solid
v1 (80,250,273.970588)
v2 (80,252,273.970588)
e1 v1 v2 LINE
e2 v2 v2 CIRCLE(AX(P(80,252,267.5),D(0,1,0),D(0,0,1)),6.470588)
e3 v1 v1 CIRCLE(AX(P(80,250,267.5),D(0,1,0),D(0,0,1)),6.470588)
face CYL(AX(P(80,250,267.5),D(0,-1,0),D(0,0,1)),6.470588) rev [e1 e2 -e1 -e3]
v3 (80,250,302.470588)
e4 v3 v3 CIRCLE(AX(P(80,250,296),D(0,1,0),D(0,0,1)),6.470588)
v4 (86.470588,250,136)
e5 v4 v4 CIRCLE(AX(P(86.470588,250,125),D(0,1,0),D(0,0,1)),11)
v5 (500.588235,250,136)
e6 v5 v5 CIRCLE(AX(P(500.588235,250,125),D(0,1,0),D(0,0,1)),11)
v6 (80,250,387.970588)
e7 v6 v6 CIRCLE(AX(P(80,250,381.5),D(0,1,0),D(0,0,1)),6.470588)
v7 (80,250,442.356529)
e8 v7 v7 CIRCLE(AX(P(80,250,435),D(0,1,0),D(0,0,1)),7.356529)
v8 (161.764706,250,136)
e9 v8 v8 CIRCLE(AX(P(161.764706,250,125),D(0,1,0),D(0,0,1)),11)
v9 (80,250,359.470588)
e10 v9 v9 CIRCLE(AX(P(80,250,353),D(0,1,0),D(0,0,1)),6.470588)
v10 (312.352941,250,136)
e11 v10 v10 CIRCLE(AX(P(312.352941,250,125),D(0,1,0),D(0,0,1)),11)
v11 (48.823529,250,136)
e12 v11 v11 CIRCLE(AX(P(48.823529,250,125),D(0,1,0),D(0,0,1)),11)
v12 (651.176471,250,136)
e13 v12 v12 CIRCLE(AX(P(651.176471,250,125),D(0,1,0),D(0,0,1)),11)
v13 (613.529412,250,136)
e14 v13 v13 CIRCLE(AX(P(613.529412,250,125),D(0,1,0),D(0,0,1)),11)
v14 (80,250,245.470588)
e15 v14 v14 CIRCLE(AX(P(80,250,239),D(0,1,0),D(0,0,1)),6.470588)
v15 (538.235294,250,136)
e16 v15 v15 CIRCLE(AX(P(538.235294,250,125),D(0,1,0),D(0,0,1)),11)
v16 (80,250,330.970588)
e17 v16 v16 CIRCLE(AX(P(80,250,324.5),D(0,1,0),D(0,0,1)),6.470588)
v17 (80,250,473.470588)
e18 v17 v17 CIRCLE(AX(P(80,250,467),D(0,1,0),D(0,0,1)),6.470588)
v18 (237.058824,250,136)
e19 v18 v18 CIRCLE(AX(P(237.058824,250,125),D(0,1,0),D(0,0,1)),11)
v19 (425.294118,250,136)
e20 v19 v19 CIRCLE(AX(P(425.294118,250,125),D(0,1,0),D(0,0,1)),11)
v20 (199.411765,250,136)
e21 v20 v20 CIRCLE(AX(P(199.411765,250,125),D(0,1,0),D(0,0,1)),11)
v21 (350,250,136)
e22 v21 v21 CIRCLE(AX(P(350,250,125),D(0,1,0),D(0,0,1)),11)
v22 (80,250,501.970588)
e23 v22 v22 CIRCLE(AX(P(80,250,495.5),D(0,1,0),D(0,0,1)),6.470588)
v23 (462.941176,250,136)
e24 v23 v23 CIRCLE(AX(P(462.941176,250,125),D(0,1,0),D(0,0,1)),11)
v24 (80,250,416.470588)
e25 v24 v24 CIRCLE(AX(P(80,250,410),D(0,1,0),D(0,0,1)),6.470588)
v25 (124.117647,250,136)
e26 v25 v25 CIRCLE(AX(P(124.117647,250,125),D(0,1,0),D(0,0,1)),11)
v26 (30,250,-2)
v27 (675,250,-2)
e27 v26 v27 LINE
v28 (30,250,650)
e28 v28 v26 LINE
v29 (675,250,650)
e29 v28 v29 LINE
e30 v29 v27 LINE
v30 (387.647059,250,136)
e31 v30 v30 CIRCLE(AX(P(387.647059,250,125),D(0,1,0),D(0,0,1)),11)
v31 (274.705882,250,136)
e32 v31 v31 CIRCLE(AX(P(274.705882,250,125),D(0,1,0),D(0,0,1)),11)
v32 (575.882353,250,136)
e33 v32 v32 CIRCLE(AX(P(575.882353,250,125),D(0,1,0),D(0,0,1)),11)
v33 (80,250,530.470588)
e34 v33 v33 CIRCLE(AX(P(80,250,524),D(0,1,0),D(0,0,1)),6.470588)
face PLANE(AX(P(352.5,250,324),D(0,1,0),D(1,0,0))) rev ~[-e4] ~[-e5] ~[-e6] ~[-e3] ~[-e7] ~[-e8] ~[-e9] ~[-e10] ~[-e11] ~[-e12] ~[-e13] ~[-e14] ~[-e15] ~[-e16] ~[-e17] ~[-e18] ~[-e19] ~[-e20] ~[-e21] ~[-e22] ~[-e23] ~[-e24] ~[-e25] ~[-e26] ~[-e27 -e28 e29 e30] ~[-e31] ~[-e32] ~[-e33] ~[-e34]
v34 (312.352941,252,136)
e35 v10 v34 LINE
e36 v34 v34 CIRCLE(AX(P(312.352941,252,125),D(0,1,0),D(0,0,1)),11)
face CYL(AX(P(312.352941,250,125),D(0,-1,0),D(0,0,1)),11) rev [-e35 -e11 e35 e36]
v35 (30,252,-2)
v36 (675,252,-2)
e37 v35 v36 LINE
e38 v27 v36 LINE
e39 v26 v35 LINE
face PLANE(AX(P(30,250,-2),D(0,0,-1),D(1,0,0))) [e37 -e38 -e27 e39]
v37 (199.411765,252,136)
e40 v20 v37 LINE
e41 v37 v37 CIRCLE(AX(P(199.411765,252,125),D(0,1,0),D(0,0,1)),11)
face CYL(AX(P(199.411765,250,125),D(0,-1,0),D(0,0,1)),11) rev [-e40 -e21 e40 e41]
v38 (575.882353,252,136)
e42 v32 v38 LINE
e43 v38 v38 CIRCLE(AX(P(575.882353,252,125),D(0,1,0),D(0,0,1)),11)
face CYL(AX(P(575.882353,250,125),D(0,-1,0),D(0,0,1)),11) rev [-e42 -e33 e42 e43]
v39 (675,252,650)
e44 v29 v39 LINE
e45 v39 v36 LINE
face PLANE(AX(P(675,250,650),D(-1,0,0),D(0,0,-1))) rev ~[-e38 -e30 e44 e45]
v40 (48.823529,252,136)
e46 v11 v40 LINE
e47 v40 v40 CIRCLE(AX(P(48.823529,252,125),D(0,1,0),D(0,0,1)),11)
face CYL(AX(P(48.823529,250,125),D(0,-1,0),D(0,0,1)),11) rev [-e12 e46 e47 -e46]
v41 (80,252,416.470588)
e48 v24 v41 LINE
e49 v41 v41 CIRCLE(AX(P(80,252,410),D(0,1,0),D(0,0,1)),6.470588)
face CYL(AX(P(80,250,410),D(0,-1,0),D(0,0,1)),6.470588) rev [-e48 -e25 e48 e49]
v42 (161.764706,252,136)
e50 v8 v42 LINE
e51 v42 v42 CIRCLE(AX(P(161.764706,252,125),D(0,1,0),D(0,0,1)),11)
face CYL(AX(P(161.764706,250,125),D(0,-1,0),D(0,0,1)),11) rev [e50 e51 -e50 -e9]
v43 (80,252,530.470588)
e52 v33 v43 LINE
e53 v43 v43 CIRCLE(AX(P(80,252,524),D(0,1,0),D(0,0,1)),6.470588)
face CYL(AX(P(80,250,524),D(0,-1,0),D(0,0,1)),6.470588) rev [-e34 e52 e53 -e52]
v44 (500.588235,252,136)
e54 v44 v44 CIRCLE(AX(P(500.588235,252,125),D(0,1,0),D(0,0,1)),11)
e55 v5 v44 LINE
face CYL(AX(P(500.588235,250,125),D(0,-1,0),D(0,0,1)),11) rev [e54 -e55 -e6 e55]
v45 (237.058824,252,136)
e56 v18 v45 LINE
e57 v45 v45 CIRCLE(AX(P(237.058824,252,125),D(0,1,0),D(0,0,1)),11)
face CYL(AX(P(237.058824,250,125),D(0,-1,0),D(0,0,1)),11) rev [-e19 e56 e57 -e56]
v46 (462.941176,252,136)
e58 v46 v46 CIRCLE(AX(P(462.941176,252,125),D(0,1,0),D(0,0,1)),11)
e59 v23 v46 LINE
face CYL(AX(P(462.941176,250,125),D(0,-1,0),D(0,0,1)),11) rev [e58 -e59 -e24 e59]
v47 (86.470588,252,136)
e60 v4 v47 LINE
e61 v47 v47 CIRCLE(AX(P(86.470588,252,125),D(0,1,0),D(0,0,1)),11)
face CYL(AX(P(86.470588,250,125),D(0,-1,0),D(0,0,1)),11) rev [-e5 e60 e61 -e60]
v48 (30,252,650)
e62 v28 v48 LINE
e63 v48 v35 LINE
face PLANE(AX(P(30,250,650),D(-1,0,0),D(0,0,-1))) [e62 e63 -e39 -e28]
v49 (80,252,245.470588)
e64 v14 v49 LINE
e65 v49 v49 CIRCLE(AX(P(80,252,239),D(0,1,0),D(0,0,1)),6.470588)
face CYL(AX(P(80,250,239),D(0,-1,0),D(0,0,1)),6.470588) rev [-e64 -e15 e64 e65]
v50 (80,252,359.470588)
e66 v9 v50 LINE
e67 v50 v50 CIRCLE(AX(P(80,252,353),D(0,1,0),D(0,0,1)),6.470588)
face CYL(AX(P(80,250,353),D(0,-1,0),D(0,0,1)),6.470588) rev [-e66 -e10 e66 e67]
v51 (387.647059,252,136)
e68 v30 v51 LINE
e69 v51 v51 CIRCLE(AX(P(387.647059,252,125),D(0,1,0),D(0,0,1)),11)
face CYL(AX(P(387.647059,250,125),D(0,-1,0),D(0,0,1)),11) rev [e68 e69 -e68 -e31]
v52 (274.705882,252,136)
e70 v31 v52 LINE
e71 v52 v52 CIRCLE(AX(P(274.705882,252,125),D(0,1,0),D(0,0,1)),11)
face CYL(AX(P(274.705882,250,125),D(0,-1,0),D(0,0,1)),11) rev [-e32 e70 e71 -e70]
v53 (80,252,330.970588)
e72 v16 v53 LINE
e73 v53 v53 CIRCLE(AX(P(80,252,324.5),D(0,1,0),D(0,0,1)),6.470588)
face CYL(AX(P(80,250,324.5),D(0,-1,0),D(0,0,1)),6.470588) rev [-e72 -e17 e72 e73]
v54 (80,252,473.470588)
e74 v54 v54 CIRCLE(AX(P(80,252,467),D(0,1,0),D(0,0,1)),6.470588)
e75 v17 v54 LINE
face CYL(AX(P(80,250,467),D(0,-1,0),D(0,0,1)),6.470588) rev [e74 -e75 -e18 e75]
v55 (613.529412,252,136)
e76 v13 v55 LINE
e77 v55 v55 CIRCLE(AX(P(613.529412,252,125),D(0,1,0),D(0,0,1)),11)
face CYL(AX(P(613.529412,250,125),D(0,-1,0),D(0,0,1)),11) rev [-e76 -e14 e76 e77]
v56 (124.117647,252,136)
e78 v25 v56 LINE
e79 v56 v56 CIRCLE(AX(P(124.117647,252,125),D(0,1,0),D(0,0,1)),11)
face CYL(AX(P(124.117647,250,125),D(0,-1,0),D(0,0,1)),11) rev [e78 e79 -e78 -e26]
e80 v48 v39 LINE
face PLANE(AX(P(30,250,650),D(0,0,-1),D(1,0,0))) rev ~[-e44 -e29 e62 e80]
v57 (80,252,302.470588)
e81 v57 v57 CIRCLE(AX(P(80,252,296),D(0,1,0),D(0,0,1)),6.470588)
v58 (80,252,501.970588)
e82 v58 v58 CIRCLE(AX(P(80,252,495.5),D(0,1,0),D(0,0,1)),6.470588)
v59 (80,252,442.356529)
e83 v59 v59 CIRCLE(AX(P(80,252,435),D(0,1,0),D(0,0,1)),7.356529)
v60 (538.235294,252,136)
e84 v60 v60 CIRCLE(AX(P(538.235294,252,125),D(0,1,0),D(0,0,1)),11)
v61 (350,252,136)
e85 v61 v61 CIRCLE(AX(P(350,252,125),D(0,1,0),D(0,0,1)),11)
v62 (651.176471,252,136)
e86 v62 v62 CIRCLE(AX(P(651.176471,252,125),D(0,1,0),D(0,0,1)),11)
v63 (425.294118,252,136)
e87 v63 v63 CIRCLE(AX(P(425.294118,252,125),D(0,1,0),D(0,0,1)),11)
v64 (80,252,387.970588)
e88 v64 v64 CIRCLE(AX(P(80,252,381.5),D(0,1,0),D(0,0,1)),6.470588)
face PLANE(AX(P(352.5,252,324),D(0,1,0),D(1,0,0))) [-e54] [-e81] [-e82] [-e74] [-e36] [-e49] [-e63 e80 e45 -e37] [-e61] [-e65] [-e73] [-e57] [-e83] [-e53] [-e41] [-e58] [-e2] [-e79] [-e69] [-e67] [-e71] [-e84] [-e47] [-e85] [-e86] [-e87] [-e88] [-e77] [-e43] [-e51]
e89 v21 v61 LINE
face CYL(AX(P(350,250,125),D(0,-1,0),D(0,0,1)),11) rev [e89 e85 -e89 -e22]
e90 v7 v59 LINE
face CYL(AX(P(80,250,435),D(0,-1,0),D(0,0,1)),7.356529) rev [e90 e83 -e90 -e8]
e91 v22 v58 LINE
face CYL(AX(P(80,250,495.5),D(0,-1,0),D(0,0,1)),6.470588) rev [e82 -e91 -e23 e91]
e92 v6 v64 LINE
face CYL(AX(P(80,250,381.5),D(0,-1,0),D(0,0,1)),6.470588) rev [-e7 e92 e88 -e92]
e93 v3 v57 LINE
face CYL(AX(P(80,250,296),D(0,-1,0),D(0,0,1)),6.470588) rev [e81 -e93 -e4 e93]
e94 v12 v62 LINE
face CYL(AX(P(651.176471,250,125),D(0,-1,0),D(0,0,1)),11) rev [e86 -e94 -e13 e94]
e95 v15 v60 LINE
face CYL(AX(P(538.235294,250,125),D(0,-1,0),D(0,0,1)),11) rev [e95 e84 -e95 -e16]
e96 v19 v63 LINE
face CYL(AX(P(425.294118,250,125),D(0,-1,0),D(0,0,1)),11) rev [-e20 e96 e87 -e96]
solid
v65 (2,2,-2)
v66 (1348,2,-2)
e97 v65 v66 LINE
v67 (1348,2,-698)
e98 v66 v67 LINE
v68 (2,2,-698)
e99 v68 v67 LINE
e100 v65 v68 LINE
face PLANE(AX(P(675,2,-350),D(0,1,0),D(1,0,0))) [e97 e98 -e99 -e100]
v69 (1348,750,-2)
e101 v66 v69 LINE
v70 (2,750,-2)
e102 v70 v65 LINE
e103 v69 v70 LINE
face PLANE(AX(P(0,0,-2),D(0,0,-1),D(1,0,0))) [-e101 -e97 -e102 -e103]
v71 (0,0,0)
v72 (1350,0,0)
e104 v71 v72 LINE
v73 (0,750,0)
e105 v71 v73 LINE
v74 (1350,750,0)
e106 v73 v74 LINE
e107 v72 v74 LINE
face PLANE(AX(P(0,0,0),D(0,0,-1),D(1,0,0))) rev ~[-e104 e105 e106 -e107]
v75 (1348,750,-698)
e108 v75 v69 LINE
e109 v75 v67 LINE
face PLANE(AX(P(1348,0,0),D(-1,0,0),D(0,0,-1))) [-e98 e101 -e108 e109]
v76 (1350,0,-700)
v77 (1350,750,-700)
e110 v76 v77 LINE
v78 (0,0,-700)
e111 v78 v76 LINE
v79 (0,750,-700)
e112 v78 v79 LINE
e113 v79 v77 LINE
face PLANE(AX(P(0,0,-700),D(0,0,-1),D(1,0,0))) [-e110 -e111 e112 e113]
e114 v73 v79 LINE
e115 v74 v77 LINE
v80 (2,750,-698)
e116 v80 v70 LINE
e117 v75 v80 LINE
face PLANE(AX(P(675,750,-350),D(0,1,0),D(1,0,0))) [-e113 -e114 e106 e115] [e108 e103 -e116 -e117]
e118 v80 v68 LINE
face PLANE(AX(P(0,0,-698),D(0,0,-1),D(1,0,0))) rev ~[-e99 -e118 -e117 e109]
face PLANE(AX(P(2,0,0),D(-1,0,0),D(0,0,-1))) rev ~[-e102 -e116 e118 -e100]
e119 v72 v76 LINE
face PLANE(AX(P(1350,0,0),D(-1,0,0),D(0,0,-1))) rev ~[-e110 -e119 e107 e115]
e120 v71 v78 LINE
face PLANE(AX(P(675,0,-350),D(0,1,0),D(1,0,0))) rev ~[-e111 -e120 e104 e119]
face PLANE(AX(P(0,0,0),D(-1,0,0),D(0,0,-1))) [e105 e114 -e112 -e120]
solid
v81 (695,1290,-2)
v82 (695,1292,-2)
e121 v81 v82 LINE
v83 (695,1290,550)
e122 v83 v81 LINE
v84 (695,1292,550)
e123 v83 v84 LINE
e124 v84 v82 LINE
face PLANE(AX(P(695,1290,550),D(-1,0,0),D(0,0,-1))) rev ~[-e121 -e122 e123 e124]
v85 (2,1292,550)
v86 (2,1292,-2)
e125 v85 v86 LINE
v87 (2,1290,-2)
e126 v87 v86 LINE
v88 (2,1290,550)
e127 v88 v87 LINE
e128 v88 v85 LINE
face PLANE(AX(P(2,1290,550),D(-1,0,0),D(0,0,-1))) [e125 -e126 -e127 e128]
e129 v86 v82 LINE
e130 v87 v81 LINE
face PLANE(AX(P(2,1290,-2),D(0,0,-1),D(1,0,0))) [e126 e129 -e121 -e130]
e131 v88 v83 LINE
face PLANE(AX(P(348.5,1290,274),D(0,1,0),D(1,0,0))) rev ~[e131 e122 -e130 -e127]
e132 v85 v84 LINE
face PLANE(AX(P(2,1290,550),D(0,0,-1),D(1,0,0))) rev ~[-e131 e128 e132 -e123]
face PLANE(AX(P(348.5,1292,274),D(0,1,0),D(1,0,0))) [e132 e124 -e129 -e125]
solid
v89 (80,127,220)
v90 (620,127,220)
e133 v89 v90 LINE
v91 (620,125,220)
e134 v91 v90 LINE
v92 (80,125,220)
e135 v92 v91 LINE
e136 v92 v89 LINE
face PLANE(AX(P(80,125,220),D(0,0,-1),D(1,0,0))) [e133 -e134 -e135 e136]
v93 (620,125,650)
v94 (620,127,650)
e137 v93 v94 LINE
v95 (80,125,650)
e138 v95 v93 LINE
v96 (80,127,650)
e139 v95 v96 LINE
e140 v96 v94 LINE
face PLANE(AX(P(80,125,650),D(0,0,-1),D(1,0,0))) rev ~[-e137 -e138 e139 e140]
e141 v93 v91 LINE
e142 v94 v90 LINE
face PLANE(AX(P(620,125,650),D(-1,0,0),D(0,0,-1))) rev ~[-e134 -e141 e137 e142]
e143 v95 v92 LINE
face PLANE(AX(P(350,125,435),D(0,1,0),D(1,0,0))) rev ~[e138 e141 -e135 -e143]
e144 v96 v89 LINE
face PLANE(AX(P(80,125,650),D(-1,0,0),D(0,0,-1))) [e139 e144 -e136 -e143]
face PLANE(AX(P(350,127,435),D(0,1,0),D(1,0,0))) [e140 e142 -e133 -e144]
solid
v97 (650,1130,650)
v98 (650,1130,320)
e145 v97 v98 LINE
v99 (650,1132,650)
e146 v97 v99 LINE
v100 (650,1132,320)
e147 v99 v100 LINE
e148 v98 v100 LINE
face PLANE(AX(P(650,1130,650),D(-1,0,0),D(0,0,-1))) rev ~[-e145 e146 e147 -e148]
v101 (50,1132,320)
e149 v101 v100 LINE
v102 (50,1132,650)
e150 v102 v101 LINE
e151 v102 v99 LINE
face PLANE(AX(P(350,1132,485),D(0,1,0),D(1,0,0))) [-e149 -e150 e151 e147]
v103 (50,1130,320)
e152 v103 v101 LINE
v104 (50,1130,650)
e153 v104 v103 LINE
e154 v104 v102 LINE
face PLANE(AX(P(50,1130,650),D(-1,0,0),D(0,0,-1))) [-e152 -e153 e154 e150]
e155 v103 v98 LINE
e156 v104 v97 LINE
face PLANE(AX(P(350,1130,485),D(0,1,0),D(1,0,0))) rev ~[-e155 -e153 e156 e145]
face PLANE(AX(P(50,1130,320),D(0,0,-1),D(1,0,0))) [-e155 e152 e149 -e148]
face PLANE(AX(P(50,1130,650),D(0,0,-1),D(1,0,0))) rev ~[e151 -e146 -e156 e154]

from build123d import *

# Parameters (mm, degrees)
MASTER_FOOTPRINT_W            = 1350
MASTER_FOOTPRINT_H            = 700
BATH_BASE_PLATE_DEPTH         = 750
BATH_SHELL_2MM_T              = -2
INLET_IMPACT_BAFFLE_START     = 125
SKETCH_1_W                    = 540
SKETCH_1_H                    = 430
INLET_IMPACT_BAFFLE_DEPTH     = 2
DISTRIBUTOR_D22_START         = 250
SKETCH_2_W                    = 645
SKETCH_2_H                    = 652
SKETCH_2_R                    = 11
SKETCH_2_R_2                  = 6.470588235
SKETCH_2_R_3                  = 7.356528537
DISTRIBUTOR_D22_DEPTH         = 2
OUTLET_SUBMERGED_BAFFLE_START = 1130
SKETCH_3_W                    = 600
SKETCH_3_H                    = 330
OUTLET_SUBMERGED_BAFFLE_DEPTH = 2
OVERFLOW_WEIR_Z550_START      = 1290
SKETCH_4_W                    = 693
SKETCH_4_H                    = 552
OVERFLOW_WEIR_Z550_DEPTH      = 2


with BuildPart() as part:
    # MASTER_FOOTPRINT → BATH_BASE_PLATE (new body)
    with BuildSketch(Plane(origin=(0, 0, 0), x_dir=(1, 0, 0), z_dir=(0, 1, 0))):
        with Locations((675, 350)):
            Rectangle(MASTER_FOOTPRINT_W, MASTER_FOOTPRINT_H)
    extrude(amount=BATH_BASE_PLATE_DEPTH)

    # BATH_SHELL_2MM
    bath_shell_2mm_openings = [part.faces().sort_by_distance(p)[0] for p in [
        (675, 750, -350),
    ]]
    offset(amount=BATH_SHELL_2MM_T, openings=bath_shell_2mm_openings, kind=Kind.INTERSECTION)


with BuildPart() as body_2:
    # Эскиз1 → INLET_IMPACT_BAFFLE (new body)
    with BuildSketch(Plane(origin=(0, 0, 0), x_dir=(1, 0, 0), z_dir=(0, 1, 0)).offset(INLET_IMPACT_BAFFLE_START)):
        with Locations((350, -435)):
            Rectangle(SKETCH_1_W, SKETCH_1_H)
    extrude(amount=INLET_IMPACT_BAFFLE_DEPTH)


with BuildPart() as body_3:
    # Эскиз2 → DISTRIBUTOR_D22 (new body)
    with BuildSketch(Plane(origin=(0, 0, 0), x_dir=(1, 0, 0), z_dir=(0, 1, 0)).offset(DISTRIBUTOR_D22_START)):
        with Locations((352.5, -324)):
            Rectangle(SKETCH_2_W, SKETCH_2_H)
        with Locations(Location((48.823529412, -125, 0), (0, 0, 270))):
            Circle(SKETCH_2_R, mode=Mode.SUBTRACT)
        with Locations(Location((86.470588235, -125, 0), (0, 0, 270))):
            Circle(SKETCH_2_R, mode=Mode.SUBTRACT)
        with Locations(Location((80, -239, 0), (0, 0, 270))):
            Circle(SKETCH_2_R_2, mode=Mode.SUBTRACT)
        with Locations(Location((80, -267.5, 0), (0, 0, 270))):
            Circle(SKETCH_2_R_2, mode=Mode.SUBTRACT)
        with Locations(Location((80, -296, 0), (0, 0, 270))):
            Circle(SKETCH_2_R_2, mode=Mode.SUBTRACT)
        with Locations(Location((80, -324.5, 0), (0, 0, 270))):
            Circle(SKETCH_2_R_2, mode=Mode.SUBTRACT)
        with Locations(Location((80, -353, 0), (0, 0, 270))):
            Circle(SKETCH_2_R_2, mode=Mode.SUBTRACT)
        with Locations(Location((80, -381.5, 0), (0, 0, 270))):
            Circle(SKETCH_2_R_2, mode=Mode.SUBTRACT)
        with Locations(Location((80, -410, 0), (0, 0, 270))):
            Circle(SKETCH_2_R_2, mode=Mode.SUBTRACT)
        with Locations(Location((80, -435, 0), (0, 0, 270))):
            Circle(SKETCH_2_R_3, mode=Mode.SUBTRACT)
        with Locations(Location((80, -467, 0), (0, 0, 270))):
            Circle(SKETCH_2_R_2, mode=Mode.SUBTRACT)
        with Locations(Location((80, -495.5, 0), (0, 0, 270))):
            Circle(SKETCH_2_R_2, mode=Mode.SUBTRACT)
        with Locations(Location((80, -524, 0), (0, 0, 270))):
            Circle(SKETCH_2_R_2, mode=Mode.SUBTRACT)
        with Locations(Location((124.117647059, -125, 0), (0, 0, 270))):
            Circle(SKETCH_2_R, mode=Mode.SUBTRACT)
        with Locations(Location((161.764705882, -125, 0), (0, 0, 270))):
            Circle(SKETCH_2_R, mode=Mode.SUBTRACT)
        with Locations(Location((199.411764706, -125, 0), (0, 0, 270))):
            Circle(SKETCH_2_R, mode=Mode.SUBTRACT)
        with Locations(Location((237.058823529, -125, 0), (0, 0, 270))):
            Circle(SKETCH_2_R, mode=Mode.SUBTRACT)
        with Locations(Location((274.705882353, -125, 0), (0, 0, 270))):
            Circle(SKETCH_2_R, mode=Mode.SUBTRACT)
        with Locations(Location((312.352941176, -125, 0), (0, 0, 270))):
            Circle(SKETCH_2_R, mode=Mode.SUBTRACT)
        with Locations(Location((350, -125, 0), (0, 0, 270))):
            Circle(SKETCH_2_R, mode=Mode.SUBTRACT)
        with Locations(Location((387.647058824, -125, 0), (0, 0, 270))):
            Circle(SKETCH_2_R, mode=Mode.SUBTRACT)
        with Locations(Location((425.294117647, -125, 0), (0, 0, 270))):
            Circle(SKETCH_2_R, mode=Mode.SUBTRACT)
        with Locations(Location((462.941176471, -125, 0), (0, 0, 270))):
            Circle(SKETCH_2_R, mode=Mode.SUBTRACT)
        with Locations(Location((500.588235294, -125, 0), (0, 0, 270))):
            Circle(SKETCH_2_R, mode=Mode.SUBTRACT)
        with Locations(Location((538.235294118, -125, 0), (0, 0, 270))):
            Circle(SKETCH_2_R, mode=Mode.SUBTRACT)
        with Locations(Location((575.882352941, -125, 0), (0, 0, 270))):
            Circle(SKETCH_2_R, mode=Mode.SUBTRACT)
        with Locations(Location((613.529411765, -125, 0), (0, 0, 270))):
            Circle(SKETCH_2_R, mode=Mode.SUBTRACT)
        with Locations(Location((651.176470588, -125, 0), (0, 0, 270))):
            Circle(SKETCH_2_R, mode=Mode.SUBTRACT)
    extrude(amount=DISTRIBUTOR_D22_DEPTH)


with BuildPart() as body_4:
    # Эскиз3 → OUTLET_SUBMERGED_BAFFLE (new body)
    with BuildSketch(Plane(origin=(0, 0, 0), x_dir=(1, 0, 0), z_dir=(0, 1, 0)).offset(OUTLET_SUBMERGED_BAFFLE_START)):
        with Locations((350, -485)):
            Rectangle(SKETCH_3_W, SKETCH_3_H)
    extrude(amount=OUTLET_SUBMERGED_BAFFLE_DEPTH)


with BuildPart() as body_5:
    # Эскиз4 → OVERFLOW_WEIR_Z550 (new body)
    with BuildSketch(Plane(origin=(0, 0, 0), x_dir=(1, 0, 0), z_dir=(0, 1, 0)).offset(OVERFLOW_WEIR_Z550_START)):
        with Locations((348.5, -274)):
            Rectangle(SKETCH_4_W, SKETCH_4_H)
    extrude(amount=OVERFLOW_WEIR_Z550_DEPTH)


solid = Compound([part.part, body_2.part, body_3.part, body_4.part, body_5.part])
